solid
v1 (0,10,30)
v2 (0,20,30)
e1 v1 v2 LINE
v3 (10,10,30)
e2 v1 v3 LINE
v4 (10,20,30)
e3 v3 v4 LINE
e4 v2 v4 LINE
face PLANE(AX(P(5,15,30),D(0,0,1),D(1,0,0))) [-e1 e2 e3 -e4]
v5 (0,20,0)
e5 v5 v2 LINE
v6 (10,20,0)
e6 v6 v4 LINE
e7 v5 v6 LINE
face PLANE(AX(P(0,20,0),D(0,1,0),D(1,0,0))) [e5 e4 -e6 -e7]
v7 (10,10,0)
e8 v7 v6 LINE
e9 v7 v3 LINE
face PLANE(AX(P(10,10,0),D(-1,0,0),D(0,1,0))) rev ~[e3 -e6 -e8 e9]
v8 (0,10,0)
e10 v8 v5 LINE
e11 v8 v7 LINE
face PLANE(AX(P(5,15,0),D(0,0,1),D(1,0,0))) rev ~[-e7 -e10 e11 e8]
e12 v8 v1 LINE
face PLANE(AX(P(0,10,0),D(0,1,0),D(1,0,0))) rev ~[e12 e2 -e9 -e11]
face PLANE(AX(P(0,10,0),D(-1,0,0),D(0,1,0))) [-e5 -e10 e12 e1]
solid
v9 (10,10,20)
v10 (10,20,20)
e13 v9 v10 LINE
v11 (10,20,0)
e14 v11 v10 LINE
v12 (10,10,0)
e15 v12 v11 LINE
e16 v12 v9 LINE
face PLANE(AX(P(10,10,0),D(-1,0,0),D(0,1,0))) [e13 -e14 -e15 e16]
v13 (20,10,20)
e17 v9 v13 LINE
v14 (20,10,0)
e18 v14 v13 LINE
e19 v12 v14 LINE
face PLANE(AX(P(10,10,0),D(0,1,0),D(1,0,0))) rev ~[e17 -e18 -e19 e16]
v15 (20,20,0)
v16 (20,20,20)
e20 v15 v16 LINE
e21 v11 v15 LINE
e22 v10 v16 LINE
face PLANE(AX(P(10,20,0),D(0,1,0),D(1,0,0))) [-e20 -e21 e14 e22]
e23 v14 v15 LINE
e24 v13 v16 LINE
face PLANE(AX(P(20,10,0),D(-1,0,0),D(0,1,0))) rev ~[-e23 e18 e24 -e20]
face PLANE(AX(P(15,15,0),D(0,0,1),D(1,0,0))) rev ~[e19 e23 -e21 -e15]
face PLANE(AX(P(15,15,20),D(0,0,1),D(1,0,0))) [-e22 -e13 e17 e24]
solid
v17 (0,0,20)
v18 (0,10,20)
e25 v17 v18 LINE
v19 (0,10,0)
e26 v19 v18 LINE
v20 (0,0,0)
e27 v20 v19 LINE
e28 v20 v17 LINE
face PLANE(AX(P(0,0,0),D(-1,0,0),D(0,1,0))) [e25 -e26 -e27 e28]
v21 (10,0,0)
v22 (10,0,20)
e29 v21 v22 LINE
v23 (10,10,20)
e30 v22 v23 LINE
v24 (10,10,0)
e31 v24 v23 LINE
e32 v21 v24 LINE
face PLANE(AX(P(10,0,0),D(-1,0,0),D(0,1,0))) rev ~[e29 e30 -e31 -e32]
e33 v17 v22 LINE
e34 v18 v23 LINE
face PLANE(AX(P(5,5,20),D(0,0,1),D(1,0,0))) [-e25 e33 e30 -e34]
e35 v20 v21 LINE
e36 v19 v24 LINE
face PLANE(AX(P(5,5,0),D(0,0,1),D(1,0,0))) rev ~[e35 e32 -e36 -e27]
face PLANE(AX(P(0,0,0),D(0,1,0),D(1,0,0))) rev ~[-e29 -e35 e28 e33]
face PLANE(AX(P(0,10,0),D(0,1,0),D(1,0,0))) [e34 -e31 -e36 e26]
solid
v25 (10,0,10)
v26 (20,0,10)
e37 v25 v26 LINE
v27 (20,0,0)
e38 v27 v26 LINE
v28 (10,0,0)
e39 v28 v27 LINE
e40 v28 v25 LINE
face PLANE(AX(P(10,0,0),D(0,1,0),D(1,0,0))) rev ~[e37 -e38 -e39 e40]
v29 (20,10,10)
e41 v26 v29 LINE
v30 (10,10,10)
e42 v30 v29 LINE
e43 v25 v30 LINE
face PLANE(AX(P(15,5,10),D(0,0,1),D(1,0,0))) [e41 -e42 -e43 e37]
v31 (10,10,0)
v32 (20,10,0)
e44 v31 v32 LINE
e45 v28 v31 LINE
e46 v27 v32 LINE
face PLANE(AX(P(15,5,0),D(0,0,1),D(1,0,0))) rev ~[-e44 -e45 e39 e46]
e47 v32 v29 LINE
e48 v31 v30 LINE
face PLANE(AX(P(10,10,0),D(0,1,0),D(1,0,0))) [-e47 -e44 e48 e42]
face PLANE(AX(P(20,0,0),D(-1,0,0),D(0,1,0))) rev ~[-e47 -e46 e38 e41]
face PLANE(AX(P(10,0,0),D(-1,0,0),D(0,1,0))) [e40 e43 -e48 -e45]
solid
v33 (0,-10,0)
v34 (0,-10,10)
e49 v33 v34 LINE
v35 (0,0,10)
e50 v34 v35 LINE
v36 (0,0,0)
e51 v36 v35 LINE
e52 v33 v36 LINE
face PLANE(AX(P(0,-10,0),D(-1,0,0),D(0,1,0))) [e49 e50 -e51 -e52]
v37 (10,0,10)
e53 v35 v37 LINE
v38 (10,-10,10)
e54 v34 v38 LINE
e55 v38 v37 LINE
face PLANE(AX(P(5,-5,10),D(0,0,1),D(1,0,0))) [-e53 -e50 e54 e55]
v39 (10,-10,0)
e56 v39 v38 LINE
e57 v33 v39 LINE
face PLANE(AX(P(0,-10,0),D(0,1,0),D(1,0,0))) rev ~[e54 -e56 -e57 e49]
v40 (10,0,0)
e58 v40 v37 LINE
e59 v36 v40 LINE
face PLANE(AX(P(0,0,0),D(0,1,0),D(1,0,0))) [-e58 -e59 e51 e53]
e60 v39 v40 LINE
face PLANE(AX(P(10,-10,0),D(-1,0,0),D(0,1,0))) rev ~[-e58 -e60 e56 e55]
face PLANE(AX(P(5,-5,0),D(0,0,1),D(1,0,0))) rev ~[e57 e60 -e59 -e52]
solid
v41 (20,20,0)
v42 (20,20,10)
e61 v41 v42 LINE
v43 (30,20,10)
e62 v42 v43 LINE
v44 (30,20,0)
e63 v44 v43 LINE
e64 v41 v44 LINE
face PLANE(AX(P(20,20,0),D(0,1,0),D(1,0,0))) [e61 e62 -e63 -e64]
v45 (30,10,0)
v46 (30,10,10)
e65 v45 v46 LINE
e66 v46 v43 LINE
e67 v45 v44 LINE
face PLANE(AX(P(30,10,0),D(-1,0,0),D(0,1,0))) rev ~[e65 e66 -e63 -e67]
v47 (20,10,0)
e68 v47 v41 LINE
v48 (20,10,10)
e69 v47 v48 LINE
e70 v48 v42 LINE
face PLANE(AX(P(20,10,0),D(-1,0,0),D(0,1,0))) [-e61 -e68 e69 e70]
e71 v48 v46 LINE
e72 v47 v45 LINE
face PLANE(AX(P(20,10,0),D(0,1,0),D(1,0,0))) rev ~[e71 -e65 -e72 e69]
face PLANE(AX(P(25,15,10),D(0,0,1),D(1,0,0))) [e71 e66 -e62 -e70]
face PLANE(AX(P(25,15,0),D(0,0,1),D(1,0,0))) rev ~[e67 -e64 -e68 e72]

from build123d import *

# Parameters (mm, degrees)
BOX_W        = 10
BOX_H        = 10
BOX_DEPTH    = 20
BOX001_W     = 10
BOX001_H     = 10
BOX001_DEPTH = 10
BOX002_W     = 10
BOX002_H     = 10
BOX002_DEPTH = 10
BOX003_W     = 10
BOX003_H     = 10
BOX003_DEPTH = 20
BOX004_W     = 10
BOX004_H     = 10
BOX004_DEPTH = 10
BOX005_W     = 10
BOX005_H     = 10
BOX005_DEPTH = 30


with BuildPart() as nivell2_cub1:
    # Box → Box (new body)
    with BuildSketch(Plane.XY):
        with Locations((5, 5)):
            Rectangle(BOX_W, BOX_H)
    extrude(amount=BOX_DEPTH)


with BuildPart() as nivell1_cub2:
    # Box001 → Box001 (new body)
    with BuildSketch(Plane(origin=(10, 0, 0), x_dir=(1, 0, 0), z_dir=(0, 0, 1))):
        with Locations((5, 5)):
            Rectangle(BOX001_W, BOX001_H)
    extrude(amount=BOX001_DEPTH)


with BuildPart() as nivell1_cub1:
    # Box002 → Box002 (new body)
    with BuildSketch(Plane(origin=(0, -10, 0), x_dir=(1, 0, 0), z_dir=(0, 0, 1))):
        with Locations((5, 5)):
            Rectangle(BOX002_W, BOX002_H)
    extrude(amount=BOX002_DEPTH)


with BuildPart() as nivell2_cub003:
    # Box003 → Box003 (new body)
    with BuildSketch(Plane(origin=(10, 10, 0), x_dir=(1, 0, 0), z_dir=(0, 0, 1))):
        with Locations((5, 5)):
            Rectangle(BOX003_W, BOX003_H)
    extrude(amount=BOX003_DEPTH)


with BuildPart() as nivell1_cub3:
    # Box004 → Box004 (new body)
    with BuildSketch(Plane(origin=(20, 10, 0), x_dir=(1, 0, 0), z_dir=(0, 0, 1))):
        with Locations((5, 5)):
            Rectangle(BOX004_W, BOX004_H)
    extrude(amount=BOX004_DEPTH)


with BuildPart() as nivell3_cub1:
    # Box005 → Box005 (new body)
    with BuildSketch(Plane(origin=(0, 10, 0), x_dir=(1, 0, 0), z_dir=(0, 0, 1))):
        with Locations((5, 5)):
            Rectangle(BOX005_W, BOX005_H)
    extrude(amount=BOX005_DEPTH)


solid = Compound([nivell2_cub1.part, nivell1_cub2.part, nivell1_cub1.part, nivell2_cub003.part, nivell1_cub3.part, nivell3_cub1.part])
